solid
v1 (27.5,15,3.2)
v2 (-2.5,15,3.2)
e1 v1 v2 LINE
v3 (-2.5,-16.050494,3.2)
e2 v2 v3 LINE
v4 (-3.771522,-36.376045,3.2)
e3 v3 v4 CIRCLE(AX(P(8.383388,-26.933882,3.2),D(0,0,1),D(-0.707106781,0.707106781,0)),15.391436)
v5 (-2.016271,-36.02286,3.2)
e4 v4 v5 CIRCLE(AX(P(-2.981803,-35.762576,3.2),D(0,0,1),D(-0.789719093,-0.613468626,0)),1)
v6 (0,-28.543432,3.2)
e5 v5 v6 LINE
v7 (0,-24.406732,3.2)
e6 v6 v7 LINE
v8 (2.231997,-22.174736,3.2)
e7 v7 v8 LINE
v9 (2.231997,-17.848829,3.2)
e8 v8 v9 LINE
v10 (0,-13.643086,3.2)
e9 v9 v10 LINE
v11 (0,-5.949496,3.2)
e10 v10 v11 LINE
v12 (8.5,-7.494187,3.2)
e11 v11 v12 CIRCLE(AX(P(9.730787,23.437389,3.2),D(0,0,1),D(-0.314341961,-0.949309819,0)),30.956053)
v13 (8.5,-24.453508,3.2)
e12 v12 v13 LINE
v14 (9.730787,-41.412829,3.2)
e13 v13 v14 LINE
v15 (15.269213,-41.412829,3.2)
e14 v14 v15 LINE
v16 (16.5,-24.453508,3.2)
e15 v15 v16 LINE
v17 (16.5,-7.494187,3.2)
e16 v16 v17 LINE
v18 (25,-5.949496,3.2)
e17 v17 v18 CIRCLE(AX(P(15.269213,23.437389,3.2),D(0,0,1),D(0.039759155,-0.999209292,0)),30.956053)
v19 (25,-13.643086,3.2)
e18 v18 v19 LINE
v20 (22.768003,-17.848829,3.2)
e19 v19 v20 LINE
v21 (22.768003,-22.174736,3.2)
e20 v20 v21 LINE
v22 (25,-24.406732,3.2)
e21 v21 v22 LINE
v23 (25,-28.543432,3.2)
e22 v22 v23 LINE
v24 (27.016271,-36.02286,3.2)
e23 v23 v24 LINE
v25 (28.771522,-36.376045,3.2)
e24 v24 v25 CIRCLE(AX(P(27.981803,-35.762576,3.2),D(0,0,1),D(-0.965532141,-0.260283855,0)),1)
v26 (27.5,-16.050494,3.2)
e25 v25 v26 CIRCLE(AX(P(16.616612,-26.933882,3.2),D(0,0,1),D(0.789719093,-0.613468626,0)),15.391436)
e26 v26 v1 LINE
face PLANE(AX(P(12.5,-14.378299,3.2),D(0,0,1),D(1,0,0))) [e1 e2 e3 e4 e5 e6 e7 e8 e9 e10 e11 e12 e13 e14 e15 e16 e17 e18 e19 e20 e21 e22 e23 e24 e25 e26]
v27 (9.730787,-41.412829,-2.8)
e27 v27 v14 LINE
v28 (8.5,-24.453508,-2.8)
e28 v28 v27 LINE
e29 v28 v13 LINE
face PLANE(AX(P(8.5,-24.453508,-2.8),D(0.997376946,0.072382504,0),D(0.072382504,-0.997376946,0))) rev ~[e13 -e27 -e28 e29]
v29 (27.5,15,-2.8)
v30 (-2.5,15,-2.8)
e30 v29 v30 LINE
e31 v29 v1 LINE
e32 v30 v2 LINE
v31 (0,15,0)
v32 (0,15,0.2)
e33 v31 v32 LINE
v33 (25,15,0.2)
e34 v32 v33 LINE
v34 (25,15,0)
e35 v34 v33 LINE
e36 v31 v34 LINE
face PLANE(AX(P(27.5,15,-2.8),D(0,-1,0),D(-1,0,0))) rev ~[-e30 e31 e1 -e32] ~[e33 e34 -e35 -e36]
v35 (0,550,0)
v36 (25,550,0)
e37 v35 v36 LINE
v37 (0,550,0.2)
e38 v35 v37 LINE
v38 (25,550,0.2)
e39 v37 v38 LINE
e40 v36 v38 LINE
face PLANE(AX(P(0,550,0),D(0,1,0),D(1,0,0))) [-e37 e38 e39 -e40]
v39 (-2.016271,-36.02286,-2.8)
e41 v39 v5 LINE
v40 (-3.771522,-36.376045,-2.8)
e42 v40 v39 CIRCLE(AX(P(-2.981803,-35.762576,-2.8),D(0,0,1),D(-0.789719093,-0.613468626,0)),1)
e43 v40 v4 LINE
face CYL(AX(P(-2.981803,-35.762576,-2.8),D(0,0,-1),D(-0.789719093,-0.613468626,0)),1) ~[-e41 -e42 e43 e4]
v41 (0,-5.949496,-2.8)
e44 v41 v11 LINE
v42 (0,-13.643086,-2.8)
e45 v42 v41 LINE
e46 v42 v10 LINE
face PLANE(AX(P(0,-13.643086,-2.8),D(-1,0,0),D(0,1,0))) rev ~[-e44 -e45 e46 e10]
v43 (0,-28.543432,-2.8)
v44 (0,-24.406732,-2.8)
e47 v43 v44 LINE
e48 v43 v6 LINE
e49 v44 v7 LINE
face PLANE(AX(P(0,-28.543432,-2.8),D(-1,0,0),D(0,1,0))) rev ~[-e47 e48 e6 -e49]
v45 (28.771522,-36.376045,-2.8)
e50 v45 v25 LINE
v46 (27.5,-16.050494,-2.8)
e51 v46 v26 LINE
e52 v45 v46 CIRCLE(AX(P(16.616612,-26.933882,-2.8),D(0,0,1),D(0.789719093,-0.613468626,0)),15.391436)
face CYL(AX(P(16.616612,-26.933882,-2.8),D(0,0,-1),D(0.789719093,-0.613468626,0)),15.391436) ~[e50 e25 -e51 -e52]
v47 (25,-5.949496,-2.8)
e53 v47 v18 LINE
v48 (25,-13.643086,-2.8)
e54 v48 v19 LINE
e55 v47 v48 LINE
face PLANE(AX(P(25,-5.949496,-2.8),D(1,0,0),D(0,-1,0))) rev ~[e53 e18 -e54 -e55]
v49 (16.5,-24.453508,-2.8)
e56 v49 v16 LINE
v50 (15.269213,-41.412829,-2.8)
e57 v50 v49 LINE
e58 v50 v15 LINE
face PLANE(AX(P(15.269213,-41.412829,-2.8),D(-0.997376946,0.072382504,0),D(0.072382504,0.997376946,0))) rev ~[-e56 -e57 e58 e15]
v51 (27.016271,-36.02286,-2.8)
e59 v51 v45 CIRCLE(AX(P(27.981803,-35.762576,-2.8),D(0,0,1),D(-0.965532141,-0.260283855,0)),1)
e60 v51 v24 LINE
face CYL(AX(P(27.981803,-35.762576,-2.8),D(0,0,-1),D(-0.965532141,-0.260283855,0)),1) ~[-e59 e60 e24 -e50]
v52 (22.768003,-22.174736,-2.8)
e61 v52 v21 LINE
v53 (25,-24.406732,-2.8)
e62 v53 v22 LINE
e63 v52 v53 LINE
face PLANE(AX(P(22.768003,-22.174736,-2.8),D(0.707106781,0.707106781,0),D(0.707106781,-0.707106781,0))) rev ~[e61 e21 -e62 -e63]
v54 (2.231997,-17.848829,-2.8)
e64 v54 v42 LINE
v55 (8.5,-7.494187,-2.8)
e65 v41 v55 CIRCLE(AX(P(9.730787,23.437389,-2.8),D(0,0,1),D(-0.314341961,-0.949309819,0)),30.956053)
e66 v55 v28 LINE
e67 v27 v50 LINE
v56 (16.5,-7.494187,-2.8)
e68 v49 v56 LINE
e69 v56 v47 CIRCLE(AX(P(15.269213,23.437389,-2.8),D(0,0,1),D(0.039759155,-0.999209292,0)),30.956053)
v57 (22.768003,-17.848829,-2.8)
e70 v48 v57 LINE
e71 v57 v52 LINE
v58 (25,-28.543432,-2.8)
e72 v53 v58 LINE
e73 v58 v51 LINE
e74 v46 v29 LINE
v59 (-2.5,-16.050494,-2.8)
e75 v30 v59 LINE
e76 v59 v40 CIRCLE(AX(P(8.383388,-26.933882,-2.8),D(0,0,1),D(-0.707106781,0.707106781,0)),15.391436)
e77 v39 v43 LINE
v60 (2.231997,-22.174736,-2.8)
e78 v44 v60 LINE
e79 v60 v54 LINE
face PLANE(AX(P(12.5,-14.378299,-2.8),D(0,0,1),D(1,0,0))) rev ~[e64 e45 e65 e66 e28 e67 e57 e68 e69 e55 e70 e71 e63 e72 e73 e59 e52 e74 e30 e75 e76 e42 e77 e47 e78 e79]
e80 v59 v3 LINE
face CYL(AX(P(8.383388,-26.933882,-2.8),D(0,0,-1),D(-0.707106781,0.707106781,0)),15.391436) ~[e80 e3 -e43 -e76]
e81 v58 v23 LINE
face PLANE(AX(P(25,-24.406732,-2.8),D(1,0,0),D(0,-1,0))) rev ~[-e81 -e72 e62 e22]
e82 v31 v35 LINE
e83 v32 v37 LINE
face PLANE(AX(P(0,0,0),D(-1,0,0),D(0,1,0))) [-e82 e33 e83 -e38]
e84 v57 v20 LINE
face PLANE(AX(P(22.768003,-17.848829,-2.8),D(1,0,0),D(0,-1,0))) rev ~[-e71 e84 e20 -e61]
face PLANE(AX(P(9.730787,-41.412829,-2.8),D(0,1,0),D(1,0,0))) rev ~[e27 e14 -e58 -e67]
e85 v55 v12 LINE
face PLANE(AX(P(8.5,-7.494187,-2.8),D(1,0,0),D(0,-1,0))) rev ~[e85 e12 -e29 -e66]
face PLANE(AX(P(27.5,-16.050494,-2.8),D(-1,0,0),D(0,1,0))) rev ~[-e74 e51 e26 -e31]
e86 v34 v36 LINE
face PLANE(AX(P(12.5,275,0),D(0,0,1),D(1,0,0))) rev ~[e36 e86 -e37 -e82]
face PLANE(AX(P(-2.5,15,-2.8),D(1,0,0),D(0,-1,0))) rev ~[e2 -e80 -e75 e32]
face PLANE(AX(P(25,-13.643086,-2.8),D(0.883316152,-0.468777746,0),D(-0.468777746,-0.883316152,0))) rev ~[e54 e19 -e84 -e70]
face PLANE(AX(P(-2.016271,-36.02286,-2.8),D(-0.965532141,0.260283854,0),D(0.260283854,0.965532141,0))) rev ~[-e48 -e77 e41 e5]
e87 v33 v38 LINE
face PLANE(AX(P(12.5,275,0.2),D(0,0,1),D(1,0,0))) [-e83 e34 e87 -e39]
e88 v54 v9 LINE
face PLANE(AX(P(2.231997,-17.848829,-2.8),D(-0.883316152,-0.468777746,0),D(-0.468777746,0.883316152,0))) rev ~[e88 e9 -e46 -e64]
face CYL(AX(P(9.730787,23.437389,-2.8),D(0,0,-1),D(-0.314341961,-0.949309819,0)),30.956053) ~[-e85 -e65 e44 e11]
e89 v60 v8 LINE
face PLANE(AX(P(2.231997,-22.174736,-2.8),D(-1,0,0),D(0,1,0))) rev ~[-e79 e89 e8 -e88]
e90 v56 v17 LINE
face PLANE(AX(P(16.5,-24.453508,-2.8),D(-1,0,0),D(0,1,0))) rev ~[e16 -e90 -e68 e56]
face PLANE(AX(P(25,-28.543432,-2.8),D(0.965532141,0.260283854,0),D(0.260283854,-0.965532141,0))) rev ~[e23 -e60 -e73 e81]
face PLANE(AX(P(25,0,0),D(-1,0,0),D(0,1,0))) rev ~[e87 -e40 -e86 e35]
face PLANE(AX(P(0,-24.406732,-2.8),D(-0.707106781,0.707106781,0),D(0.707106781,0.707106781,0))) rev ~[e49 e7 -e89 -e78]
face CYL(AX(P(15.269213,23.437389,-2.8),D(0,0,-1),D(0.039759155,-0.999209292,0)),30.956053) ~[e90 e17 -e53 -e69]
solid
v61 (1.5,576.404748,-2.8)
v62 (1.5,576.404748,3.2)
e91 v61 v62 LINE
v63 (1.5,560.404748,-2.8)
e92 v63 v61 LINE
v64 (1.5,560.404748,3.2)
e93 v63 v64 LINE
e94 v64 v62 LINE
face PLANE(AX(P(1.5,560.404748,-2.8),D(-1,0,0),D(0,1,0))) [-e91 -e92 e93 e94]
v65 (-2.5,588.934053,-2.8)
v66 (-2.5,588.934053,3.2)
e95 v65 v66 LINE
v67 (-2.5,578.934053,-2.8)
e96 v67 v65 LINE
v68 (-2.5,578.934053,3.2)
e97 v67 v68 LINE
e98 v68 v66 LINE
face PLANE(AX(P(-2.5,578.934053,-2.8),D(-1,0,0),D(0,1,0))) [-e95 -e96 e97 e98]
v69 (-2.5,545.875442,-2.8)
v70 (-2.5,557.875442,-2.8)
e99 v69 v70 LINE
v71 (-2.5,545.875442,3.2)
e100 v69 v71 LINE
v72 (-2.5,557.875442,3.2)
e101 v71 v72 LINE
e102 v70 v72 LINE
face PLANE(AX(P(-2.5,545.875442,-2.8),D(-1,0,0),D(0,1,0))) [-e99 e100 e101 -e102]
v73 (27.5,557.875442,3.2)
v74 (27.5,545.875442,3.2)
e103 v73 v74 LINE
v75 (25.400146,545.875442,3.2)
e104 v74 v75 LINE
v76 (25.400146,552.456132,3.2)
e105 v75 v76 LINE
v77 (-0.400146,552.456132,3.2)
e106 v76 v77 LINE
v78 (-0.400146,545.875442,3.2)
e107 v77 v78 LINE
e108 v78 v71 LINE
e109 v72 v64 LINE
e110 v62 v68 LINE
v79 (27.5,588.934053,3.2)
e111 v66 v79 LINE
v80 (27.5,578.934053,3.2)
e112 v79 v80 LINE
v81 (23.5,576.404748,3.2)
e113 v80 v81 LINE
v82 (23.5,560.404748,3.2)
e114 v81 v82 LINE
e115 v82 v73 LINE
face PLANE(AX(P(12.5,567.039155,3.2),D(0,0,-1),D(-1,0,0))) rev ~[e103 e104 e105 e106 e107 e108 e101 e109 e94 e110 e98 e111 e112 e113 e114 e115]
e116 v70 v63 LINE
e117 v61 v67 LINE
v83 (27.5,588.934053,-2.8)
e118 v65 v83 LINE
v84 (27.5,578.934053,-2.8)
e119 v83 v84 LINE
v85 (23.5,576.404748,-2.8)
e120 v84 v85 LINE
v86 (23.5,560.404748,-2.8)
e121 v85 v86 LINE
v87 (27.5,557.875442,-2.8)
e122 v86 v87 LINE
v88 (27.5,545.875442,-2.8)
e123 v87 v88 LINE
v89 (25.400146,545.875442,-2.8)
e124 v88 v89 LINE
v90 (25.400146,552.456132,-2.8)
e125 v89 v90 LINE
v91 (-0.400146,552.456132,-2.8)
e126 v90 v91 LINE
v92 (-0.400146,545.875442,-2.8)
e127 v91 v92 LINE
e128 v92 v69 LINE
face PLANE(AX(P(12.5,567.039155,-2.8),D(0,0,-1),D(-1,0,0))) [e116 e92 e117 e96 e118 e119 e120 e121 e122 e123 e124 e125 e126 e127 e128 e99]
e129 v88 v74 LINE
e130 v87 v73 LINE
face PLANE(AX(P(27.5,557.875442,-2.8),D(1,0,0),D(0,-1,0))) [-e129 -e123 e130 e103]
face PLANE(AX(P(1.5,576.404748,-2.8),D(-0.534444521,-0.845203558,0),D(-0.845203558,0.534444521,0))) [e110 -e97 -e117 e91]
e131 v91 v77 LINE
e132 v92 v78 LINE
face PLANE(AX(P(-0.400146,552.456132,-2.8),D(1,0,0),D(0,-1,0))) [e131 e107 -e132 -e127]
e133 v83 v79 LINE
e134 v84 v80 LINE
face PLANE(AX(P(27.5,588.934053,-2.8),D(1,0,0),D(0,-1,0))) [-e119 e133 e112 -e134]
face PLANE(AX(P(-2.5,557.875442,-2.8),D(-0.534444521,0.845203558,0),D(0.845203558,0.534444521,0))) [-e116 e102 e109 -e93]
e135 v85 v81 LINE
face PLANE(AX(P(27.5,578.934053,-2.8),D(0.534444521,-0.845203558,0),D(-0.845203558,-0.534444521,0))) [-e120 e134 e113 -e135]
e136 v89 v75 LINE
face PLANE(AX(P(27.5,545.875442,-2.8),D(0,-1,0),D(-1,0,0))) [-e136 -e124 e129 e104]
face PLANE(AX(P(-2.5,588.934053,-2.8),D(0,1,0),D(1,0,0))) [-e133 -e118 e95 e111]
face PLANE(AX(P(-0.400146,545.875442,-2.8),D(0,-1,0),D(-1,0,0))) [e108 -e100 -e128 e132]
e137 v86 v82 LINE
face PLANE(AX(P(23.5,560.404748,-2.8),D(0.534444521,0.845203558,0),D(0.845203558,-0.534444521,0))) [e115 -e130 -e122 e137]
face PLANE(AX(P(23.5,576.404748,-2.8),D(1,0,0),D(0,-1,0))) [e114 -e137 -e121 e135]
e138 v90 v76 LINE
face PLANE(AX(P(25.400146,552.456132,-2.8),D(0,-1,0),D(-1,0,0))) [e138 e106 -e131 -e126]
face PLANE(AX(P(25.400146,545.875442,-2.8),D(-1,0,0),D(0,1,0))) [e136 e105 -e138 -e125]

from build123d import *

# Parameters (mm, degrees)
ESQUISSE1_W           = 25
ESQUISSE1_H           = 550
EXTRUSION1_DEPTH      = 0.2
EXTRUSION2_DEPTH      = 3
EXTRUSION2_DEPTH_BACK = 3
EXTRUSION3_DEPTH      = 3
EXTRUSION3_DEPTH_BACK = 3


with BuildPart() as part:
    # Esquisse1 → Extrusion1 (new body)
    with BuildSketch(Plane.XY):
        with Locations((12.5, 275)):
            Rectangle(ESQUISSE1_W, ESQUISSE1_H)
    extrude(amount=EXTRUSION1_DEPTH)

    # Esquisse3 → Extrusion3 (add, two sides: drawn at the far end of the back side and taken through both)
    with BuildSketch(Plane.XY.offset(0.2).offset(-EXTRUSION3_DEPTH_BACK)):
        with BuildLine():
            Line((-2.5, 15), (-2.5, -16.050493534))
            ThreePointArc((-2.5, -16.050493534), (-6.978018175, -25.972905965), (-3.771522068, -36.376044816))
            ThreePointArc((-3.771522068, -36.376044816), (-2.784540643, -36.74292693), (-2.016270834, -36.022860045))
            Line((-2.016270834, -36.022860045), (0, -28.543432251))
            Line((0, -28.543432251), (0, -24.40673249))
            Line((0, -24.40673249), (2.231996633, -22.174735857))
            Line((2.231996633, -22.174735857), (2.231996633, -17.848828872))
            Line((2.231996633, -17.848828872), (0, -13.643085971))
            Line((0, -13.643085971), (0, -5.949496262))
            ThreePointArc((0, -5.949496262), (4.195848556, -7.019821856), (8.5, -7.494187032))
            Line((8.5, -7.494187032), (8.5, -24.453508065))
            Line((8.5, -24.453508065), (9.730786536, -41.412829098))
            Line((9.730786536, -41.412829098), (15.269213464, -41.412829098))
            Line((15.269213464, -41.412829098), (16.5, -24.453508065))
            Line((16.5, -24.453508065), (16.5, -7.494187032))
            ThreePointArc((16.5, -7.494187032), (20.804151444, -7.019821856), (25, -5.949496262))
            Line((25, -5.949496262), (25, -13.643085971))
            Line((25, -13.643085971), (22.768003367, -17.848828872))
            Line((22.768003367, -17.848828872), (22.768003367, -22.174735857))
            Line((22.768003367, -22.174735857), (25, -24.40673249))
            Line((25, -24.40673249), (25, -28.543432251))
            Line((25, -28.543432251), (27.016270834, -36.022860045))
            ThreePointArc((27.016270834, -36.022860045), (27.784540643, -36.74292693), (28.771522068, -36.376044816))
            ThreePointArc((28.771522068, -36.376044816), (31.978018175, -25.972905965), (27.5, -16.050493534))
            Line((27.5, -16.050493534), (27.5, 15))
            Line((27.5, 15), (-2.5, 15))
        make_face()
    extrude(amount=EXTRUSION3_DEPTH + EXTRUSION3_DEPTH_BACK)


with BuildPart() as body_2:
    # Esquisse2 → Extrusion2 (new, two sides: drawn at the far end of the back side and taken through both)
    with BuildSketch(Plane.XY.offset(0.2).offset(-EXTRUSION2_DEPTH_BACK)):
        Polygon((-2.5, 545.875442138), (-2.5, 557.875442138), (1.5, 560.404747727), (1.5, 576.404747727), (-2.5, 578.934053316), (-2.5, 588.934053316), (27.5, 588.934053316), (27.5, 578.934053316), (23.5, 576.404747727), (23.5, 560.404747727), (27.5, 557.875442138), (27.5, 545.875442138), (25.400146352, 545.875442138), (25.400146352, 552.456132333), (-0.400146352, 552.456132333), (-0.400146352, 545.875442138), align=None)
    extrude(amount=EXTRUSION2_DEPTH + EXTRUSION2_DEPTH_BACK)


solid = Compound([part.part, body_2.part])
